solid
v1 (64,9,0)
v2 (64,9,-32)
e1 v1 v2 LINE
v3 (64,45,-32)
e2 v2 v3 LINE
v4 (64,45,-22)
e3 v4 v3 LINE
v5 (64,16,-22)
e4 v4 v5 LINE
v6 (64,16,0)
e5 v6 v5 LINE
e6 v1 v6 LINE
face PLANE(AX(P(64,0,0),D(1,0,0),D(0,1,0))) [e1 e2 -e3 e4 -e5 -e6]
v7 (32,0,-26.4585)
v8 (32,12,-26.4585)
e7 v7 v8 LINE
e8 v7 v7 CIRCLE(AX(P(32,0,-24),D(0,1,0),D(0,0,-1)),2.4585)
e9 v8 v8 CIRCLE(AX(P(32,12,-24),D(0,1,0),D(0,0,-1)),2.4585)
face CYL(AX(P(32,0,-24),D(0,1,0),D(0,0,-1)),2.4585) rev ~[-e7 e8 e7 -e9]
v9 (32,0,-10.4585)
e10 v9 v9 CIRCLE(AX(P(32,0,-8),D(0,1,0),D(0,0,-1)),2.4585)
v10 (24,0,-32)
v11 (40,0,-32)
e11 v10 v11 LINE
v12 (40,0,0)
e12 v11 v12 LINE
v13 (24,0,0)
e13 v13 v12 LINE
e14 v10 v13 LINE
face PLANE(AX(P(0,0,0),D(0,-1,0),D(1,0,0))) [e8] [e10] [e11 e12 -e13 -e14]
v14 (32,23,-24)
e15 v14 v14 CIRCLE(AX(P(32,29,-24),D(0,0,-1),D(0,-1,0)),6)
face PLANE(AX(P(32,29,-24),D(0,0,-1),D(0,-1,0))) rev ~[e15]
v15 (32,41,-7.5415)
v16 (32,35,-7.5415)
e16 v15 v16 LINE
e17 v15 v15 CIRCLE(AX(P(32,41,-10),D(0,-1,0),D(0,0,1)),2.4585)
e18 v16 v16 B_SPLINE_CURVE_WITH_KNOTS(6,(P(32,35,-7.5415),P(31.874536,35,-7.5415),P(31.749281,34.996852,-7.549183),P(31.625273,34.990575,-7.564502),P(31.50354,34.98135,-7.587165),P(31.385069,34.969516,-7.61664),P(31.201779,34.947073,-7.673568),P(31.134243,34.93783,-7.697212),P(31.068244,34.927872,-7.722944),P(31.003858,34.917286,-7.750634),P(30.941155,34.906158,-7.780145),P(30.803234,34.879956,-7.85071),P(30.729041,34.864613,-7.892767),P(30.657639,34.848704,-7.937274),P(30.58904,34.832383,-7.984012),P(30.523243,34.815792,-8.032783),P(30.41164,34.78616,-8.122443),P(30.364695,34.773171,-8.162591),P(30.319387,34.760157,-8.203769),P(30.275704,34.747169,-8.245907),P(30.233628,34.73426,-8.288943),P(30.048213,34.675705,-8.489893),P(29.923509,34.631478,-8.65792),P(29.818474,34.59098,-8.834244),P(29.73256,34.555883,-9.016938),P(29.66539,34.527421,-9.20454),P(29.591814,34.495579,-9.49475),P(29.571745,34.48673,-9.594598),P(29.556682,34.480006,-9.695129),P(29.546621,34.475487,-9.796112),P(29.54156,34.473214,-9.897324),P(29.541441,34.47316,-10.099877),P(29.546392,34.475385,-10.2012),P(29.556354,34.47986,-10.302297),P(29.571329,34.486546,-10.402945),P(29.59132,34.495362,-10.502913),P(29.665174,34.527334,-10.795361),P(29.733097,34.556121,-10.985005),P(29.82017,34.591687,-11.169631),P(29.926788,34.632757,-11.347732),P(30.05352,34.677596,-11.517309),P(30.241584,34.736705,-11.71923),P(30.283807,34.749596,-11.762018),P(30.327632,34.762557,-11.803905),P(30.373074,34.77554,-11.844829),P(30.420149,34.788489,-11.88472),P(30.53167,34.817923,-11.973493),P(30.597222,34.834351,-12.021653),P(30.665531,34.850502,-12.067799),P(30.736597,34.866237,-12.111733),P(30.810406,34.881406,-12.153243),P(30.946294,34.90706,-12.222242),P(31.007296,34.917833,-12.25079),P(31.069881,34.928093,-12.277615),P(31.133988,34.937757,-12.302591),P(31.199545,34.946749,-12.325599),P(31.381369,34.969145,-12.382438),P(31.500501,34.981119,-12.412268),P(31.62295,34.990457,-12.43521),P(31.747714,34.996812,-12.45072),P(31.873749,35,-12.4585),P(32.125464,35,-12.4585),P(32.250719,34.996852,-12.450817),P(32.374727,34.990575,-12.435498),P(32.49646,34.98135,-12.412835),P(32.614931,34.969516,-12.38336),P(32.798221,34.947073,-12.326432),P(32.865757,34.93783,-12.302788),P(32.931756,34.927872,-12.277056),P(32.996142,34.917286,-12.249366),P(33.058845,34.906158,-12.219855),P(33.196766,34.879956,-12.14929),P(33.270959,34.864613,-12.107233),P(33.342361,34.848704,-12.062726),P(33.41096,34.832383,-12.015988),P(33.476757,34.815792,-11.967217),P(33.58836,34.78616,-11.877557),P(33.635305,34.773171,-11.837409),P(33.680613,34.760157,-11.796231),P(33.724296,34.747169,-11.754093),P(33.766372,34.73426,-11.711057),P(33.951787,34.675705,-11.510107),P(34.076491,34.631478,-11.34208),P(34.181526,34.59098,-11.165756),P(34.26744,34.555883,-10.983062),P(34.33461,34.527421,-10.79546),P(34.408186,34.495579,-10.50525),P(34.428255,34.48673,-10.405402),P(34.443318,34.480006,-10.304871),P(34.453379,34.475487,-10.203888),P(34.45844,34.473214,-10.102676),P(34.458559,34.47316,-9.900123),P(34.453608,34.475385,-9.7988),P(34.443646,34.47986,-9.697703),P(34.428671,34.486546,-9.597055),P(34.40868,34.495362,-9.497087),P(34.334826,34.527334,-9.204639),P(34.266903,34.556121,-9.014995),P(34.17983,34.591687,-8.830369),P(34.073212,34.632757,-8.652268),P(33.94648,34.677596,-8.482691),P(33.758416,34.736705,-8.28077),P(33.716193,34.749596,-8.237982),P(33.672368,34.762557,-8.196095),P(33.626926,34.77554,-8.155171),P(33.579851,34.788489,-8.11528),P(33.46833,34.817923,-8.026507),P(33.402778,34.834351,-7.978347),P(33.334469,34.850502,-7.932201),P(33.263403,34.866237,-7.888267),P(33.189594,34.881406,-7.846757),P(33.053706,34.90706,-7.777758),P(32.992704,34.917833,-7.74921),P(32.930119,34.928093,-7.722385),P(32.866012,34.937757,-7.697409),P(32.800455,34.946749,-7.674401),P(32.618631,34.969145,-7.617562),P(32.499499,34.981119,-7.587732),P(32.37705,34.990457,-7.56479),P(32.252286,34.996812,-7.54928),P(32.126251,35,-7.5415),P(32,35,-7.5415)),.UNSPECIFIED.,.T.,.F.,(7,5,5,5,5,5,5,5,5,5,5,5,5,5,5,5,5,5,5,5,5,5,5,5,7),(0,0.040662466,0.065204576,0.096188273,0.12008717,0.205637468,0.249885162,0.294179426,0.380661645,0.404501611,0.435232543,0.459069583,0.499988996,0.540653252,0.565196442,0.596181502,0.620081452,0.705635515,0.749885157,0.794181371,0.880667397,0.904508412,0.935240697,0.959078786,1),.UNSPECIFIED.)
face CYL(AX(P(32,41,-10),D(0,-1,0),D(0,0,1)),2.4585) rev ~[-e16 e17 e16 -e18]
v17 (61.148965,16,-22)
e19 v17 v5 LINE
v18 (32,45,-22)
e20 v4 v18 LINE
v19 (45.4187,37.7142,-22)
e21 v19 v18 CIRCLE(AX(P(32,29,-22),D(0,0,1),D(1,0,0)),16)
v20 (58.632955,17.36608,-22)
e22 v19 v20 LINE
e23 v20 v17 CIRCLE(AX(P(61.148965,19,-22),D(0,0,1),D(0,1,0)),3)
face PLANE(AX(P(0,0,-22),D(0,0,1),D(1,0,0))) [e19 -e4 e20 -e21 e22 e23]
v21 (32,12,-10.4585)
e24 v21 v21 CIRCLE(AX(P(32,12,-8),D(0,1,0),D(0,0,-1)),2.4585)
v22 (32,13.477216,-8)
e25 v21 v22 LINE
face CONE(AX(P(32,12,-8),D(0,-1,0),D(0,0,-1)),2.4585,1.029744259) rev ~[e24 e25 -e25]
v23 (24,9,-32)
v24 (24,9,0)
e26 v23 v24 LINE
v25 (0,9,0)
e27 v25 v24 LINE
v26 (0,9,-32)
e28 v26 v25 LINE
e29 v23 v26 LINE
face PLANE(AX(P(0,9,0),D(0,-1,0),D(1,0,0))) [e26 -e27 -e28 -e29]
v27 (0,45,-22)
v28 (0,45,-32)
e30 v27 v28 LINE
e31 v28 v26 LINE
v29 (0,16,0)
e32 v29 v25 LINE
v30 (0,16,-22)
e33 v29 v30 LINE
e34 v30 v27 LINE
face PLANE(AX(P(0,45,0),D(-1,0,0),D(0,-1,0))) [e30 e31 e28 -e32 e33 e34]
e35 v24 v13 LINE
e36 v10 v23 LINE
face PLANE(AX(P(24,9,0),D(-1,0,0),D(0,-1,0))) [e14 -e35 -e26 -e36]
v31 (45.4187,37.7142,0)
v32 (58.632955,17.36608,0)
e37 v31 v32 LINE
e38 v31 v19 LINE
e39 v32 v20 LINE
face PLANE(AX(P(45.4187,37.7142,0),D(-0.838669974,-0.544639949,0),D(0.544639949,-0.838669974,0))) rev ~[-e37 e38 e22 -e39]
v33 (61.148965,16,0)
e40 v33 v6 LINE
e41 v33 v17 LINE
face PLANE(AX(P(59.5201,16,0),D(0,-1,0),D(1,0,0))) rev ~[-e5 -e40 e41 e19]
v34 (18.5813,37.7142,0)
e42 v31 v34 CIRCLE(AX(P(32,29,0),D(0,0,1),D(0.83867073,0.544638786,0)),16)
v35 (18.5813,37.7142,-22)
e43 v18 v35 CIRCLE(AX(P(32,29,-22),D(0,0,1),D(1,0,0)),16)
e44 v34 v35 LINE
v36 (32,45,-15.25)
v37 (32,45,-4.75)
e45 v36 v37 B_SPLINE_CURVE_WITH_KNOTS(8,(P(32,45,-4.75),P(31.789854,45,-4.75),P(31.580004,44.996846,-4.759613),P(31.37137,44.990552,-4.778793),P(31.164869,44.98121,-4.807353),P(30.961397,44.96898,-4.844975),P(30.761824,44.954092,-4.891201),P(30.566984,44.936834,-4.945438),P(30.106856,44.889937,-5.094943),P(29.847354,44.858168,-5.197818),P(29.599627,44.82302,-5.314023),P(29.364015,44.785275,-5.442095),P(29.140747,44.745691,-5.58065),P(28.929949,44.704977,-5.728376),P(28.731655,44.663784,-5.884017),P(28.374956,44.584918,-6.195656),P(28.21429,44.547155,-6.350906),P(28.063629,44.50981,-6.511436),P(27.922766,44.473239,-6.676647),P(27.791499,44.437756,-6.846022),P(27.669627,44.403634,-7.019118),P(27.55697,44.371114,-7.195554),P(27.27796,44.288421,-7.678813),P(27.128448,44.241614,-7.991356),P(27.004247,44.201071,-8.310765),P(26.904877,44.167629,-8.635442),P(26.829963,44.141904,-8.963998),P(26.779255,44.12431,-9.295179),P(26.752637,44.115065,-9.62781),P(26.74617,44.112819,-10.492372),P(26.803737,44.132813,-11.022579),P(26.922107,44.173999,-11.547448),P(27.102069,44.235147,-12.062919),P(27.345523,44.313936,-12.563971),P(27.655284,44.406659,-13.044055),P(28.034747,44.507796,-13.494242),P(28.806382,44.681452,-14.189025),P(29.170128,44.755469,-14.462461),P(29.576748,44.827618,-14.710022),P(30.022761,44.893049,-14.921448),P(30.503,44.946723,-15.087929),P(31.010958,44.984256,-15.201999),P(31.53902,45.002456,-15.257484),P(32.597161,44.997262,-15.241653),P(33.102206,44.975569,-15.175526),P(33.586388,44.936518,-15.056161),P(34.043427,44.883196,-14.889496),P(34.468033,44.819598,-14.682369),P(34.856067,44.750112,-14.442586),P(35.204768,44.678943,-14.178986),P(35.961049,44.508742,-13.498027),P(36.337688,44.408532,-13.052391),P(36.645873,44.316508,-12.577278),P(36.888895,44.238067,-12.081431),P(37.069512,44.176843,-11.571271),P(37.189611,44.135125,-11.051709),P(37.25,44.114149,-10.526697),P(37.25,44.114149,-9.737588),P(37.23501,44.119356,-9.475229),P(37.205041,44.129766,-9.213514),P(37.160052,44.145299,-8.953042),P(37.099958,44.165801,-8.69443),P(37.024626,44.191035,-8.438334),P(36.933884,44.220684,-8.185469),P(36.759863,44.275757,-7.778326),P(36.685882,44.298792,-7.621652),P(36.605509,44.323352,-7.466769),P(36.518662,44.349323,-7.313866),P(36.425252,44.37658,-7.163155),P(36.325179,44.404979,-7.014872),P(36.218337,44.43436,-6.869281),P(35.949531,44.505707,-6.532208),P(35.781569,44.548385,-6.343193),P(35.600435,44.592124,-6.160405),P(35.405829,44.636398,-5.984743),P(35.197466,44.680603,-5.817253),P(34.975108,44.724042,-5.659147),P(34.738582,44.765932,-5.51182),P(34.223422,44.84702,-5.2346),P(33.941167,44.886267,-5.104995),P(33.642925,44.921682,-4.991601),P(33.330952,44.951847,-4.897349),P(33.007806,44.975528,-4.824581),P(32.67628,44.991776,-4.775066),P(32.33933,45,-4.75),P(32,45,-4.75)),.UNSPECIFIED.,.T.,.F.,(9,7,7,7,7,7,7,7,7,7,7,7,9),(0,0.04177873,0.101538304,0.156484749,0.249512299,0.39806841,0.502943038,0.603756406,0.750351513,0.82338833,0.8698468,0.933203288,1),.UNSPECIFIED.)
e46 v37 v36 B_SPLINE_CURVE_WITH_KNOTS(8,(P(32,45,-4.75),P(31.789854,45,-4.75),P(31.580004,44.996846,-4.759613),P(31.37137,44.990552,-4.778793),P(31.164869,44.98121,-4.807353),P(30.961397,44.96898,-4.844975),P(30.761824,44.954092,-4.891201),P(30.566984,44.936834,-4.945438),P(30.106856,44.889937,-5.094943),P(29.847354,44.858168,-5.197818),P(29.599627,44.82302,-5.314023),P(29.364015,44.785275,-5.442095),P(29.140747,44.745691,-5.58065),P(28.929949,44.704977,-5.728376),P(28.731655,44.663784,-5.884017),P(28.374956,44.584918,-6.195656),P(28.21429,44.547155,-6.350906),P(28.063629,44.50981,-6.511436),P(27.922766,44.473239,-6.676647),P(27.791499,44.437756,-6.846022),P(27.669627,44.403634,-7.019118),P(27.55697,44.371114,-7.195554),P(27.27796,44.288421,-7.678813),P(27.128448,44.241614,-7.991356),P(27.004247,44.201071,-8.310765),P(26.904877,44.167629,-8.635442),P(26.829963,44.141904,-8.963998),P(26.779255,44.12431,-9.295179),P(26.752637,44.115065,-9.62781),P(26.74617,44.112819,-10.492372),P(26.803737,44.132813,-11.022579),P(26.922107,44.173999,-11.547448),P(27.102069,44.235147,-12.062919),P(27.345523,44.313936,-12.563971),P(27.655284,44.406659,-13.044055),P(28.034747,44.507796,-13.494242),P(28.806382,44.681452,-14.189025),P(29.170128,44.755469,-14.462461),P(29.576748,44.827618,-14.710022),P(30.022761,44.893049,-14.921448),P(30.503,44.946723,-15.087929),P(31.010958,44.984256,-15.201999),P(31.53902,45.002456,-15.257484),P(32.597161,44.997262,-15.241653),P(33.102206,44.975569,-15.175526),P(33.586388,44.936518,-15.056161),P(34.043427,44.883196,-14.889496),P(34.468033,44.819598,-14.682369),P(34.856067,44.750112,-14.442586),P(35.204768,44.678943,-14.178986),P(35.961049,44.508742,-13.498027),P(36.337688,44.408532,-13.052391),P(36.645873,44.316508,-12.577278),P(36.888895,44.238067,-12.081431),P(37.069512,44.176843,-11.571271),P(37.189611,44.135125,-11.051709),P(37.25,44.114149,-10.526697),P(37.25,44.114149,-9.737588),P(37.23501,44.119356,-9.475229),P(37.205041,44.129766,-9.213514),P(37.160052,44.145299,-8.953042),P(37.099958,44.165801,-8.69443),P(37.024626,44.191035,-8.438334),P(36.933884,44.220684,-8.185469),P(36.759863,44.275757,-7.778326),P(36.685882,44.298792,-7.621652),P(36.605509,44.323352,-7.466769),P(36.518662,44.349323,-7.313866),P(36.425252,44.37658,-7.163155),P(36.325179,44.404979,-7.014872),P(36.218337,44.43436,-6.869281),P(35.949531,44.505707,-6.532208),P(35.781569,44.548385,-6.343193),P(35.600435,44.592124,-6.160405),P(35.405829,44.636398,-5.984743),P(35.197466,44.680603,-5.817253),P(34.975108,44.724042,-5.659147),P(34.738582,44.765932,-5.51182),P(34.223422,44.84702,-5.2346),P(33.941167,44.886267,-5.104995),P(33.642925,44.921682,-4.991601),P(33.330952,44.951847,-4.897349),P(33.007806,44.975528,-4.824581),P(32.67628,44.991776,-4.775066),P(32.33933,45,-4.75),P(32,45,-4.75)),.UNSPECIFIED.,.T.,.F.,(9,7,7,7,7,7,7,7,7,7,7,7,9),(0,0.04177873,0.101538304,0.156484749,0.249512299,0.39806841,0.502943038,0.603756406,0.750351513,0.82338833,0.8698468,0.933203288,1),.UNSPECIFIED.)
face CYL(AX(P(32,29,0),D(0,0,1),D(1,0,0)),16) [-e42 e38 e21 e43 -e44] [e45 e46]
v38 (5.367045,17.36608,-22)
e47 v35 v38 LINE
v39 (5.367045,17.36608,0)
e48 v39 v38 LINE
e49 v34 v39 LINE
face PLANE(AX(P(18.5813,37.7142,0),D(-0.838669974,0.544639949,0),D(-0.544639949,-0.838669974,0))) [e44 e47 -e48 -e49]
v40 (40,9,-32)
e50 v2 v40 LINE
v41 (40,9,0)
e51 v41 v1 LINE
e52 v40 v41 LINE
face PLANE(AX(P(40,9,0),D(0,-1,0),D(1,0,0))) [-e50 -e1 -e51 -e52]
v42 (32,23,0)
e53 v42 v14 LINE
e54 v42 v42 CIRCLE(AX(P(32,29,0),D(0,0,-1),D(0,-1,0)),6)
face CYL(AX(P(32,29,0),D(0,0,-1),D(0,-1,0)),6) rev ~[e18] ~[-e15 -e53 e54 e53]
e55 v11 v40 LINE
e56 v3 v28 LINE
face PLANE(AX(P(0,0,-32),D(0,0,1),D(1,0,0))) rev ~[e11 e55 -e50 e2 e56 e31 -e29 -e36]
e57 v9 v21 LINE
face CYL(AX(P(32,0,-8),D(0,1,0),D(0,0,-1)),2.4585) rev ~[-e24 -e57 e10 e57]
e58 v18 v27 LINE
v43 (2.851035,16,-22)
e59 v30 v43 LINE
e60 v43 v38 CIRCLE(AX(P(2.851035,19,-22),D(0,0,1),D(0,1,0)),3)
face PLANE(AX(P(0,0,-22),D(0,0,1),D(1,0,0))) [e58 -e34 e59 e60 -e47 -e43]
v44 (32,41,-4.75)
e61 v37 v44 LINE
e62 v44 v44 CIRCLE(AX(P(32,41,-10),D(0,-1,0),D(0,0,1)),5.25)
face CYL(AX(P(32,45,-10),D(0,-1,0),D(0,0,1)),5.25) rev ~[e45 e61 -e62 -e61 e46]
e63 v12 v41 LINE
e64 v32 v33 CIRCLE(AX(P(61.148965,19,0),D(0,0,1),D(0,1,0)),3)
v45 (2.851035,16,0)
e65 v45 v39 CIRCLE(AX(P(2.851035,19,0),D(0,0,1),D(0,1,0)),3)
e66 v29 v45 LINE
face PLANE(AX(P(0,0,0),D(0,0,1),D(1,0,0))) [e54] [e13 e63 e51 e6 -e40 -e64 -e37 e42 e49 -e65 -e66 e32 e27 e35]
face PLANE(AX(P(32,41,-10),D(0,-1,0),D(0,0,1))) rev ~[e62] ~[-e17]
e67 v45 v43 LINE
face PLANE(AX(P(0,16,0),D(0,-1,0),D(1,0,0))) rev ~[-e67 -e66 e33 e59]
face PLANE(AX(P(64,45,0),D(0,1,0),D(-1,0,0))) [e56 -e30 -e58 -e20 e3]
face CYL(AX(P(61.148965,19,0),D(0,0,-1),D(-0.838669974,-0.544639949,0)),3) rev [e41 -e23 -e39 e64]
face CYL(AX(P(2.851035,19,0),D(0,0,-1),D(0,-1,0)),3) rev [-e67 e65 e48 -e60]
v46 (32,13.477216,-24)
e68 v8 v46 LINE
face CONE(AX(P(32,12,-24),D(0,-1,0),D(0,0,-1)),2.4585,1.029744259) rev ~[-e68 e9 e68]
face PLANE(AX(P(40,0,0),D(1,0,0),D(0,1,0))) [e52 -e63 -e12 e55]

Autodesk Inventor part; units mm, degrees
ref_plane "YZ Plane" through (0, 0, 0) normal (1, 0, 0) x (0, 1, 0)
ref_plane "XZ Plane" through (0, 0, 0) normal (0, 1, 0) x (-1, 0, 0)
ref_plane "XY Plane" through (0, 0, 0) normal (0, 0, 1) x (1, 0, 0)
sketch "Esboço1" plane through (0, 0, 0) normal (0, 0, 1) x (1, 0, 0)
  line L0 (0, 0) -> (64, 0)
  line L1 (64, 0) -> (64, 45)
  line L2 (64, 45) -> (0, 45)
  line L3 (0, 45) -> (0, 0)
  dimension "d0" = 64
  dimension "d1" = 45
extrude "Extrusão1" add sketch "Esboço1" against normal blind 32
sketch "Esboço2" plane through (0, 0, 0) normal (0, 0, 1) x (1, 0, 0)
  line L0 (0, 0) -> (0, 9)
  line L1 (0, 0) -> (0, 45) projected
  line L2 (0, 9) -> (24, 9)
  line L3 (24, 9) -> (24, 0)
  line L4 (24, 0) -> (40, 0)
  line L5 (64, 0) -> (0, 0) projected
  line L6 (40, 0) -> (40, 9)
  line L7 (40, 9) -> (64, 9)
  line L8 (64, 45) -> (64, 0) projected
  line L9 (0, 9) -> (0, 16)
  line L10 (64, 9) -> (64, 16)
  circle A0 centre (32, 29) radius 16
  line L11 (45.4187, 37.7142) -> (59.5201, 16)
  line L12 (18.5813, 37.7142) -> (4.4799, 16)
  line L13 (0, 16) -> (4.4799, 16)
  line L14 (59.5201, 16) -> (64, 16)
  line L15 (0, 16) -> (0, 45)
  line L16 (64, 45) -> (0, 45)
  line L17 (64, 45) -> (64, 16)
  point P0 (32, 45)
  dimension "d4" = 9
  dimension "d9" = 7
extrude "Extrusão2" cut sketch "Esboço2" against normal blind 22 contours L0 L2 L3 L5 | L1 L16 A0 L12 L13 | L6 L7 L8 L5 | L16 L8 L14 L11 A0
sketch "Esboço3" plane through (0, 0, 0) normal (0, 0, 1) x (1, 0, 0)
  line L0 (0, 0) -> (64, 0) projected
  line L1 (32, 0) -> (32, 29)
  point P0 (24, 0)
  point P1 (40, 0)
  dimension "d16" = 29
hole "Furo1" at (32, 29, 0) direction (0, 0, -1) diameter 12 depth 24
fillet "Arredondamento1" radius 3 2 edges at (4.4799, 16, -11) (59.5201, 16, -11)
sketch "Esboço5" plane through (0, 45, 0) normal (0, 1, 0) x (1, 0, 0)
  line L0 (64, 32) -> (0, 32) projected
  line L1 (0, 0) -> (0, 32) projected
  line L2 (0, 32) -> (0, 10)
  line L3 (0, 10) -> (32, 10)
  dimension "d30" = 22
hole "Furo2" at (32, 45, -10) direction (0, -1, 0) diameter 4.917 depth 11 tip angle 118 counterbore diameter 10.5 counterbore depth 4 thread size "M6x1" class "6H" standard "ISO Metric profile"
sketch "Esboço6" plane through (0, 0, -32) normal (0, -1, 0) x (1, 0, 0)
  line L0 (45.4187, 32) -> (18.5813, 32) projected
  line L1 (32, 24) -> (32, 8)
  line L2 (38, 8) -> (26, 8) projected
  point P0 (0, 32)
  dimension "d40" = 16
hole "Furo3" at (32, 0, -8) at (32, 0, -24) direction (0, 1, 0) diameter 4.917 depth 12 tip angle 118 thread size "M6x1" class "6H" standard "ISO Metric profile"
sketch "Sketch7" plane through (0, 0, -32) normal (0, -1, 0) x (1, 0, 0)
  line L0 (24, 32) -> (24, 10) projected
  line L1 (24, 10) -> (24, 0)
  line L2 (64, 0) -> (0, 0) projected
  line L3 (0, 0) -> (24, 0)
  line L4 (0, 10) -> (0, 0) projected
  line L5 (0, 0) -> (0, 10)
  line L6 (24, 10) -> (0, 10) projected
  line L7 (0, 10) -> (24, 10)
  line L8 (40, 32) -> (40, 10) projected
  line L9 (40, 10) -> (40, 0)
  line L10 (40, 0) -> (64, 0)
  line L11 (64, 10) -> (64, 0) projected
  line L12 (64, 0) -> (64, 10)
  line L13 (64, 10) -> (40, 10) projected
  line L14 (64, 10) -> (40, 10)
  point P0 (0, 32)
extrude "Extrusion3" cut sketch "Sketch7" against normal blind 9
properties part number "mordente_movel" material "Iron, Cast"
